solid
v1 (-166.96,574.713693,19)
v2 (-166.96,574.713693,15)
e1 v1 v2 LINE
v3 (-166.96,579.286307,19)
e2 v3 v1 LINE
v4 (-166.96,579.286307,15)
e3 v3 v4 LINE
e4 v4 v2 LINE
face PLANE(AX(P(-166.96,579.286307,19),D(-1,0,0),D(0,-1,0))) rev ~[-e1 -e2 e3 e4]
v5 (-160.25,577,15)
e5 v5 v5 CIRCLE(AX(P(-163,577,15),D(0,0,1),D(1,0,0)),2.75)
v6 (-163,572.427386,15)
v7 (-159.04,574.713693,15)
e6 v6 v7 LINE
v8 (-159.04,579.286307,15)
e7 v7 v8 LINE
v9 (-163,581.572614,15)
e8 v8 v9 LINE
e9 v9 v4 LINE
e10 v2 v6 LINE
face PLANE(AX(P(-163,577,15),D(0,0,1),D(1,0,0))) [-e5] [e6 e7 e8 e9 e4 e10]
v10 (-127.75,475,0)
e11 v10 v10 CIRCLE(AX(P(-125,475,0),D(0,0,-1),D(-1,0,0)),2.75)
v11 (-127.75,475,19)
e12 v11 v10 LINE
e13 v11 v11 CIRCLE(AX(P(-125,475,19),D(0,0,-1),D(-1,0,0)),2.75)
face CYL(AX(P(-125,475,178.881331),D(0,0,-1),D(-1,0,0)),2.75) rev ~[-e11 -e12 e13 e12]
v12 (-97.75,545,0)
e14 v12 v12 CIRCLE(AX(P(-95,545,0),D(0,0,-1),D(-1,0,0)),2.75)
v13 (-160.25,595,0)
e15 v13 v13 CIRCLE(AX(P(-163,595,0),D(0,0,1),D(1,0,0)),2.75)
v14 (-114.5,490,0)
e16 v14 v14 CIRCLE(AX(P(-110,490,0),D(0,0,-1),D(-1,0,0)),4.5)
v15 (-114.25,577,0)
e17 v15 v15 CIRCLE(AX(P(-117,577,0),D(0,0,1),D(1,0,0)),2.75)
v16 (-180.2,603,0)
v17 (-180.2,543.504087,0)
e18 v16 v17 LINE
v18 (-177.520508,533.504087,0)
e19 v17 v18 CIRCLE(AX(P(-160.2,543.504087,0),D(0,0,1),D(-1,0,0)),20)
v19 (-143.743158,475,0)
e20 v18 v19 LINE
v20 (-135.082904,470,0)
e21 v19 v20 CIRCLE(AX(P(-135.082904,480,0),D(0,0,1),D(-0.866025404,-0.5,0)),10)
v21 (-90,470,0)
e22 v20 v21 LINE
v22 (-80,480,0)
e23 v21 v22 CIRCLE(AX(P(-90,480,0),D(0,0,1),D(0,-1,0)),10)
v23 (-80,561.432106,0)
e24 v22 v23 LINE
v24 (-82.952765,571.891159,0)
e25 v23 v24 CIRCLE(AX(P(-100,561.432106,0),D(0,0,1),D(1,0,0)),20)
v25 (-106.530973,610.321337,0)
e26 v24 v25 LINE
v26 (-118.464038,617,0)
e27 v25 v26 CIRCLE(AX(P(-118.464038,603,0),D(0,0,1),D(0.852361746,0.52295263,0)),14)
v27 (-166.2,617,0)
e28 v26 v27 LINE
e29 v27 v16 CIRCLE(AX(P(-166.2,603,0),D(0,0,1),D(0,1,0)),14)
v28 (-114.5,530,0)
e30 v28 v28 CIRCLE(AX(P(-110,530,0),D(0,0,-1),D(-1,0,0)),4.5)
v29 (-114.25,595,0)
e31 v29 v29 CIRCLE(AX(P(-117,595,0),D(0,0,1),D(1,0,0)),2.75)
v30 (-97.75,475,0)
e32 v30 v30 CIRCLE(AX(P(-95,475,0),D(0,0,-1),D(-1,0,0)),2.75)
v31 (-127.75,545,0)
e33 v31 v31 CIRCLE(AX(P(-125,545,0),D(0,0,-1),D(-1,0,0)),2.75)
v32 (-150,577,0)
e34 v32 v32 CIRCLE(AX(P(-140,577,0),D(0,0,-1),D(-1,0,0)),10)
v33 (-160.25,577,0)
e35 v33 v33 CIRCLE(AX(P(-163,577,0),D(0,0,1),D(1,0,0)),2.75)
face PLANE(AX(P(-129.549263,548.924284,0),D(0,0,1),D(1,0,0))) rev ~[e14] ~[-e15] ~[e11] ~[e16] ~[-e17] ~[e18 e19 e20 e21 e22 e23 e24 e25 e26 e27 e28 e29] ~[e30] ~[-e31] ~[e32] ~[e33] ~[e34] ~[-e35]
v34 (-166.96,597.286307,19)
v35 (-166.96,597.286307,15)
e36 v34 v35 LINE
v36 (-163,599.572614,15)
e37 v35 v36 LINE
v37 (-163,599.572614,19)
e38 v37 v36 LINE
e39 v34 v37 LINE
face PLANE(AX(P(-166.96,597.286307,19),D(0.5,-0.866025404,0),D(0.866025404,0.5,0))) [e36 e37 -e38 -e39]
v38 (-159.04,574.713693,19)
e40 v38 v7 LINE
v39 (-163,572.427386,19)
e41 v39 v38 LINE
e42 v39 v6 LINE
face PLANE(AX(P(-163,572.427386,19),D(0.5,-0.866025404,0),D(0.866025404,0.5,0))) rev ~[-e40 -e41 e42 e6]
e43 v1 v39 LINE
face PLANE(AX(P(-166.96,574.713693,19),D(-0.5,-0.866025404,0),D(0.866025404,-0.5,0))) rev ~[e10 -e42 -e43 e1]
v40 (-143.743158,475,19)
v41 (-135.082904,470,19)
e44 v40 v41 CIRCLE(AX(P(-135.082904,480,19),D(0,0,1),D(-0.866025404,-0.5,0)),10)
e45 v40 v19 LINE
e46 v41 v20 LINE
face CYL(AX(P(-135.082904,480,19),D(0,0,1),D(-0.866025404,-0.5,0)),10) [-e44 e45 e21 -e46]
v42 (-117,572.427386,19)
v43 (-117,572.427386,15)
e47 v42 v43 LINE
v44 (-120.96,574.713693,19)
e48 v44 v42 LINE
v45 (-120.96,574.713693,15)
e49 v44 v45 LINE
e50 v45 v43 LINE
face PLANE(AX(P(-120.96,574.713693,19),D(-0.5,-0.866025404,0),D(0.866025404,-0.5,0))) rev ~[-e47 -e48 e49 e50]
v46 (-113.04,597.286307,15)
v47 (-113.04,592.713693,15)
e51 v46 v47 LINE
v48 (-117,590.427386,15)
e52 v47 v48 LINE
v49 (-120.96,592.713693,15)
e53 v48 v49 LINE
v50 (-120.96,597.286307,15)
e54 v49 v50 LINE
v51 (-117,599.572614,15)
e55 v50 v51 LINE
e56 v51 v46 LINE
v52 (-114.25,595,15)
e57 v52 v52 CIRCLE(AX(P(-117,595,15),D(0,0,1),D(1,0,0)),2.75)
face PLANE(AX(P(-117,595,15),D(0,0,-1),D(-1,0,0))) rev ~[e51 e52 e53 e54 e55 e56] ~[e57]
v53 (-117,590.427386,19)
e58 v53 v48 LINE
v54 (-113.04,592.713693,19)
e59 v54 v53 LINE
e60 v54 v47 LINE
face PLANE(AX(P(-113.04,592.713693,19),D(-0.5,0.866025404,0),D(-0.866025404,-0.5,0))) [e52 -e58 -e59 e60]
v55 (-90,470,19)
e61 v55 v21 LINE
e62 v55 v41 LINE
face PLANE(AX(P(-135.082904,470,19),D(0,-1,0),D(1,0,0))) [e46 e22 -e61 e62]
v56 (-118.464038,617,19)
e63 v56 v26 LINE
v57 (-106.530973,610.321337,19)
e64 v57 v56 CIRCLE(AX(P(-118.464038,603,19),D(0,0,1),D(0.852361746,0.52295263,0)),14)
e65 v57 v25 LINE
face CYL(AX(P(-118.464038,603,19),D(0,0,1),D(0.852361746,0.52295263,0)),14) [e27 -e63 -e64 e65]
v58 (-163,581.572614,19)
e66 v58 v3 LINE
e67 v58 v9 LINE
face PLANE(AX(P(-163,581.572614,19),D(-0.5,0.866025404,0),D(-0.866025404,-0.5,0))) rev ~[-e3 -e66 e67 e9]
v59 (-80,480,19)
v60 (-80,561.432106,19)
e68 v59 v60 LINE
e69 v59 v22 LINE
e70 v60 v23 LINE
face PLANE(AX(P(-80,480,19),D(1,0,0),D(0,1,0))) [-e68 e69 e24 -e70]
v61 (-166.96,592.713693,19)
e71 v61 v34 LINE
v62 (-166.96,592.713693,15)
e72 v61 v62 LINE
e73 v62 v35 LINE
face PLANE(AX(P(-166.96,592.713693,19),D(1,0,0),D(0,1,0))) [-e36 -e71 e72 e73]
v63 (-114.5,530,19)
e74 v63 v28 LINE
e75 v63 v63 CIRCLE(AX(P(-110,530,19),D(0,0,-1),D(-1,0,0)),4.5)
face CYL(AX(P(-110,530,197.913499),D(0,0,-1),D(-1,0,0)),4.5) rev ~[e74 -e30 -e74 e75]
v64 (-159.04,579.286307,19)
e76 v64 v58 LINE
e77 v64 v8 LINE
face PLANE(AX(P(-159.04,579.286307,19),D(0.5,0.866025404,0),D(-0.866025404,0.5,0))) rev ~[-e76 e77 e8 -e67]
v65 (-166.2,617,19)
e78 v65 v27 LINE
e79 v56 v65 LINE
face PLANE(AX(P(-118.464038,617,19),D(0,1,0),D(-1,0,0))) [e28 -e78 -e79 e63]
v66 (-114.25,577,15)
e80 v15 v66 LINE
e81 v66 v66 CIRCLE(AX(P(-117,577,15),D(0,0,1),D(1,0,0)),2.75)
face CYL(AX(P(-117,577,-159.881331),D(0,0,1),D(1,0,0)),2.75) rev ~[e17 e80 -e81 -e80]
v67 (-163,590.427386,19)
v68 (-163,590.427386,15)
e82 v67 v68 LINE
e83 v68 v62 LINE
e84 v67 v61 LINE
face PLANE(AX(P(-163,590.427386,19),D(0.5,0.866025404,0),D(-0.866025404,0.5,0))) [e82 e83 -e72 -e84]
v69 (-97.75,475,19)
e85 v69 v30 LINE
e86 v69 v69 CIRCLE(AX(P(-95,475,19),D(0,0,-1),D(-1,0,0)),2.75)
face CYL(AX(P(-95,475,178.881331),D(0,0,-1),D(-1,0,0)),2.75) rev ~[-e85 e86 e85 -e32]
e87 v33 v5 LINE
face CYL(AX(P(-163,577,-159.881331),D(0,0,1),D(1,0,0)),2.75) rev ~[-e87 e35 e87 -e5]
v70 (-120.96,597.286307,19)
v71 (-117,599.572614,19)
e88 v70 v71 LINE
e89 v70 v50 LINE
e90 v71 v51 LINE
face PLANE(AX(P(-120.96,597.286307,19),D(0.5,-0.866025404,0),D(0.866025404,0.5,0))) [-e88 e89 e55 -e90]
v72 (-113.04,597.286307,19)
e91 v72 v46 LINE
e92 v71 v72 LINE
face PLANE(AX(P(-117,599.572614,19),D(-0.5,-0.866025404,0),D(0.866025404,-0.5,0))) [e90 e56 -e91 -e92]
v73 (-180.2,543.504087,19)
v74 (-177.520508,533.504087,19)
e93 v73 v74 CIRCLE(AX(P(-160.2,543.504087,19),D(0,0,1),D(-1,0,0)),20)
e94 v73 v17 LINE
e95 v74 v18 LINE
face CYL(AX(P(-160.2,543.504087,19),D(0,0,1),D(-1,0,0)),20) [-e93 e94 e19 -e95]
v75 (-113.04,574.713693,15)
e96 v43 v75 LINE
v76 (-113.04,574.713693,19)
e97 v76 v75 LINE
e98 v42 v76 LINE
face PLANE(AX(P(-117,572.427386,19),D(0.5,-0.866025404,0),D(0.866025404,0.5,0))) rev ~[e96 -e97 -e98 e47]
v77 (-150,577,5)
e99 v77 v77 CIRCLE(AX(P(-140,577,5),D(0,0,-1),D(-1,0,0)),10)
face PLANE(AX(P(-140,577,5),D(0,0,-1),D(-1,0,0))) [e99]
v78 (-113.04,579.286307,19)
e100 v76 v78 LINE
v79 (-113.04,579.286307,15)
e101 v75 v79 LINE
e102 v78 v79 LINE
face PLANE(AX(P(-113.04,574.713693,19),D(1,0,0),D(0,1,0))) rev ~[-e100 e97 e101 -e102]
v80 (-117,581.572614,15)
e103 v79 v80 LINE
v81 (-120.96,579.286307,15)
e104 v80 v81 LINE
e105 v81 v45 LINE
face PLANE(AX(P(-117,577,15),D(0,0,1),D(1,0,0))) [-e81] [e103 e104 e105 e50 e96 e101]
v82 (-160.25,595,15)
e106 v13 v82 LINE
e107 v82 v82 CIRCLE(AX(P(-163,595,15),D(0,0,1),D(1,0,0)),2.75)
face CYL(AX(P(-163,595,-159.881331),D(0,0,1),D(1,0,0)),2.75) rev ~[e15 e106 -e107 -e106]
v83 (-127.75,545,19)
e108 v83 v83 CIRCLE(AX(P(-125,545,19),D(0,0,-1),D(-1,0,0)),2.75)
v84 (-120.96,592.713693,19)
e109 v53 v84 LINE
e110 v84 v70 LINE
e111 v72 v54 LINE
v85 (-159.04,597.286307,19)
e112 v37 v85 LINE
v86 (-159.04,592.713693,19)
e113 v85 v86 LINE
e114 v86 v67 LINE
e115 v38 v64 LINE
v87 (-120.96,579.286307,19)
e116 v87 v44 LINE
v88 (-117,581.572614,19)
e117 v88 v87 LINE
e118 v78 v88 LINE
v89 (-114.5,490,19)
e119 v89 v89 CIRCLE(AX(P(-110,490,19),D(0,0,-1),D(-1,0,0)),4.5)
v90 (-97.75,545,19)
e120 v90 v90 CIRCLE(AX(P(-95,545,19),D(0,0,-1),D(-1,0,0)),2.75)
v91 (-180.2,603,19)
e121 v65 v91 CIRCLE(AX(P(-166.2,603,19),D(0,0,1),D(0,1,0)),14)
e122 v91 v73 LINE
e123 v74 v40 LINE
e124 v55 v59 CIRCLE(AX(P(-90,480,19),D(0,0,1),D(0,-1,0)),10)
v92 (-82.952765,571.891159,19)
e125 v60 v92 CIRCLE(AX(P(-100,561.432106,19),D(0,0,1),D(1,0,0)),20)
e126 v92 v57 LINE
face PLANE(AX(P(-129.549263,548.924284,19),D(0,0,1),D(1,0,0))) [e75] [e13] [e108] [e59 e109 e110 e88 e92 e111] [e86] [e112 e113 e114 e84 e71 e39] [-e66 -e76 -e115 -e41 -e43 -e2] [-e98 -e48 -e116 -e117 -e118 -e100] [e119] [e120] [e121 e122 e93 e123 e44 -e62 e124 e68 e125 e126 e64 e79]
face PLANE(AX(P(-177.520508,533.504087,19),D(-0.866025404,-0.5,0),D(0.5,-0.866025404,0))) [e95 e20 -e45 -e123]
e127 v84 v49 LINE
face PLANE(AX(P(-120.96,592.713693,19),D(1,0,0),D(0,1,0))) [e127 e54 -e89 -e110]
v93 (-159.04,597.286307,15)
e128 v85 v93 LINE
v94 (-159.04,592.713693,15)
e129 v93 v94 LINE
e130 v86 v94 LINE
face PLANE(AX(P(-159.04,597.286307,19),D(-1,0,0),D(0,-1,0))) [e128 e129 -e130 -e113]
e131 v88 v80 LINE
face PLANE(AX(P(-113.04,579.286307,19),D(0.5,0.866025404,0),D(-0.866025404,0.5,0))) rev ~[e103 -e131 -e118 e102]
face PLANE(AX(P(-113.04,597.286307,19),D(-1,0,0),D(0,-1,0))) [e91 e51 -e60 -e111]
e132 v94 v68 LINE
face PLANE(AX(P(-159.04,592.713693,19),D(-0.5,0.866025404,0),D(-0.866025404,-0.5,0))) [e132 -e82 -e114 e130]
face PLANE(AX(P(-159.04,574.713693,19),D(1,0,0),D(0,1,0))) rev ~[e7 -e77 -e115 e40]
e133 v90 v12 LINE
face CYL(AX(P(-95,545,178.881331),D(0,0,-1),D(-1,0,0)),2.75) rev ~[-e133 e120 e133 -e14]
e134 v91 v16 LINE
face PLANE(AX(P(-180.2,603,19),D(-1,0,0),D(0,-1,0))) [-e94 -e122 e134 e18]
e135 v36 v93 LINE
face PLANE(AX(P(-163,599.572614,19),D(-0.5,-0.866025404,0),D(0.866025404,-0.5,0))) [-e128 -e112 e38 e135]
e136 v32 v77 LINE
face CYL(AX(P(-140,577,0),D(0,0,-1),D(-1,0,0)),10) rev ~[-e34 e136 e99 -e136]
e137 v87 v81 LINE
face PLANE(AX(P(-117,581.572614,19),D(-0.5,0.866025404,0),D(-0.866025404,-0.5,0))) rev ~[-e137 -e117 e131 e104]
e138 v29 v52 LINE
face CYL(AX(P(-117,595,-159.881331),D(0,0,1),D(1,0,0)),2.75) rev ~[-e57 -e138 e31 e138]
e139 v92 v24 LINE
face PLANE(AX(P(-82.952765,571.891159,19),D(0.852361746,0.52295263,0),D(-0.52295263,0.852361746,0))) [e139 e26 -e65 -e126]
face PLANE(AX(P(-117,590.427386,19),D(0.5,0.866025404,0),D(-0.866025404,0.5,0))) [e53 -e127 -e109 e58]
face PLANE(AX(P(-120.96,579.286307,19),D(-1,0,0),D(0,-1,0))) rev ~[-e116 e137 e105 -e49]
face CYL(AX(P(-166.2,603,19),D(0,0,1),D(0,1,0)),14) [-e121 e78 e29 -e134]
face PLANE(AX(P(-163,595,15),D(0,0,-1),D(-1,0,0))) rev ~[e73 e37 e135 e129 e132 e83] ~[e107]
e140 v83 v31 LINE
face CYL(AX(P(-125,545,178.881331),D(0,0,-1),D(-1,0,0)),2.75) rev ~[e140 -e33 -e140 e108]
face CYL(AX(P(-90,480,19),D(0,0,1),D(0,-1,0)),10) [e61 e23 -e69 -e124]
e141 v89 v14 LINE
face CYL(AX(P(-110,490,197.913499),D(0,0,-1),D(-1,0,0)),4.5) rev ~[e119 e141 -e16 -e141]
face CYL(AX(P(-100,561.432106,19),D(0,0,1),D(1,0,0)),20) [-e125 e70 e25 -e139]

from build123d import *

# Parameters (mm, degrees)
BOSS_EXTRUDE1_DEPTH  = 19
FILLET1_R            = 10
M5_CLEARANCE_HOLE2_D = 5.5
M5_CLEARANCE_HOLE1_D = 5.5
FILLET2_R            = 4
BOSS_EXTRUDE2_DEPTH  = 19
M8_CLEARANCE_HOLE1_D = 9
CUT_EXTRUDE2_DEPTH   = 4
SKETCH16_R           = 10
CUT_EXTRUDE3_DEPTH   = 5


with BuildPart() as part:
    # Sketch1 → Boss-Extrude1 (new body)
    with BuildSketch(Plane.XY):
        with BuildLine():
            Line((-170.200000001, 540.824594888), (-129.309401077, 470))
            Line((-129.309401077, 470), (-93, 470))
            ThreePointArc((-93, 470), (-90.878679656, 470.878679656), (-90, 473))
            Line((-90, 473), (-90, 564.25527297))
            Line((-90, 564.25527297), (-116.225329238, 607))
            Line((-116.225329238, 607), (-170.200000001, 607))
            Line((-170.200000001, 607), (-170.200000001, 540.824594888))
        make_face()
    extrude(amount=BOSS_EXTRUDE1_DEPTH)

    # Fillet1
    fillet1_edges = [part.edges().sort_by_distance(p)[0] for p in [
        (-90, 564.25527297, 9.5),
        (-129.309401077, 470, 9.5),
        (-170.200000001, 540.824594888, 9.5),
    ]]
    fillet(fillet1_edges, radius=FILLET1_R)

    # M5 Clearance Hole2 (through all)
    with Locations(Plane(origin=(0, 0, 0), x_dir=(-1, 0, 0), z_dir=(0, 0, -1))):
        with Locations((117.000000001, 595), (117.000000001, 577), (163.000000001, 577), (163.000000001, 595)):
            Hole(M5_CLEARANCE_HOLE2_D / 2)

    # M5 Clearance Hole1 (through all)
    with Locations(Plane.XY.offset(19)):
        with Locations((-95, 545), (-125, 545), (-125, 475), (-95, 475), (-110, 490), (-110, 530)):
            Hole(M5_CLEARANCE_HOLE1_D / 2)

    # Fillet2
    fillet2_edges = [part.edges().sort_by_distance(p)[0] for p in [
        (-116.225329238, 607, 9.5),
        (-170.200000001, 607, 9.5),
    ]]
    fillet(fillet2_edges, radius=FILLET2_R)

    # Sketch11 → Boss-Extrude2 (add)
    with BuildSketch(Plane.XY.offset(19)):
        with BuildLine():
            ThreePointArc((-143.743157806, 475), (-140.082903769, 471.339745962), (-135.082903769, 470))
            Line((-135.082903769, 470), (-123.535898385, 470))
            ThreePointArc((-123.535898385, 470), (-128.535898385, 471.339745962), (-132.196152423, 475))
            Line((-132.196152423, 475), (-168.860254039, 538.504086813))
            ThreePointArc((-168.860254039, 538.504086813), (-169.859258264, 540.915896362), (-170.200000001, 543.504086813))
            Line((-170.200000001, 543.504086813), (-170.200000001, 603))
            ThreePointArc((-170.200000001, 603), (-169.028427125, 605.828427125), (-166.200000001, 607))
            Line((-166.200000001, 607), (-118.464037729, 607))
            ThreePointArc((-118.464037729, 607), (-116.510482263, 606.490504411), (-115.054590744, 605.091810521))
            Line((-115.054590744, 605.091810521), (-91.476382537, 566.661632408))
            ThreePointArc((-91.476382537, 566.661632408), (-90.37617086, 564.149073659), (-90, 561.432106106))
            Line((-90, 561.432106106), (-90, 473))
            ThreePointArc((-90, 473), (-90.878679656, 470.878679656), (-93, 470))
            Line((-93, 470), (-90, 470))
            ThreePointArc((-90, 470), (-82.928932188, 472.928932188), (-80, 480))
            Line((-80, 480), (-80, 561.432106106))
            ThreePointArc((-80, 561.432106106), (-80.75234172, 566.866041212), (-82.952765074, 571.89115871))
            Line((-82.952765074, 571.89115871), (-106.530973281, 610.321336823))
            ThreePointArc((-106.530973281, 610.321336823), (-111.626593598, 615.216765438), (-118.464037729, 617))
            Line((-118.464037729, 617), (-166.200000001, 617))
            ThreePointArc((-166.200000001, 617), (-176.099494937, 612.899494937), (-180.200000001, 603))
            Line((-180.200000001, 603), (-180.200000001, 543.504086813))
            ThreePointArc((-180.200000001, 543.504086813), (-179.518516526, 538.327705911), (-177.520508076, 533.504086813))
            Line((-177.520508076, 533.504086813), (-143.743157806, 475))
        make_face()
    extrude(amount=-BOSS_EXTRUDE2_DEPTH)

    # M8 Clearance Hole1 (through all)
    with Locations(Plane.XY.offset(19)):
        with Locations((-110, 530), (-110, 490)):
            Hole(M8_CLEARANCE_HOLE1_D / 2)

    # Sketch15 → Cut-Extrude2 (cut)
    with BuildSketch(Plane.XY.offset(19)):
        Polygon((-166.960000001, 579.286307066), (-166.960000001, 574.713692934), (-163.000000001, 572.427385868), (-159.040000001, 574.713692934), (-159.040000001, 579.286307066), (-163.000000001, 581.572614132), align=None)
        Polygon((-120.960000001, 579.286307066), (-120.960000001, 574.713692934), (-117.000000001, 572.427385868), (-113.040000001, 574.713692934), (-113.040000001, 579.286307066), (-117.000000001, 581.572614132), align=None)
        Polygon((-113.040000001, 592.713692934), (-117.000000001, 590.427385868), (-120.960000001, 592.713692934), (-120.960000001, 597.286307066), (-117.000000001, 599.572614132), (-113.040000001, 597.286307066), align=None)
        Polygon((-163.000000001, 590.427385868), (-166.960000001, 592.713692934), (-166.960000001, 597.286307066), (-163.000000001, 599.572614132), (-159.040000001, 597.286307066), (-159.040000001, 592.713692934), align=None)
    extrude(amount=-CUT_EXTRUDE2_DEPTH, mode=Mode.SUBTRACT)

    # Sketch16 → Cut-Extrude3 (cut)
    with BuildSketch(Plane(origin=(0, 0, 0), x_dir=(-1, 0, 0), z_dir=(0, 0, -1))):
        with Locations((140.000000001, 577)):
            Circle(SKETCH16_R)
    extrude(amount=-CUT_EXTRUDE3_DEPTH, mode=Mode.SUBTRACT)


solid = part.part
